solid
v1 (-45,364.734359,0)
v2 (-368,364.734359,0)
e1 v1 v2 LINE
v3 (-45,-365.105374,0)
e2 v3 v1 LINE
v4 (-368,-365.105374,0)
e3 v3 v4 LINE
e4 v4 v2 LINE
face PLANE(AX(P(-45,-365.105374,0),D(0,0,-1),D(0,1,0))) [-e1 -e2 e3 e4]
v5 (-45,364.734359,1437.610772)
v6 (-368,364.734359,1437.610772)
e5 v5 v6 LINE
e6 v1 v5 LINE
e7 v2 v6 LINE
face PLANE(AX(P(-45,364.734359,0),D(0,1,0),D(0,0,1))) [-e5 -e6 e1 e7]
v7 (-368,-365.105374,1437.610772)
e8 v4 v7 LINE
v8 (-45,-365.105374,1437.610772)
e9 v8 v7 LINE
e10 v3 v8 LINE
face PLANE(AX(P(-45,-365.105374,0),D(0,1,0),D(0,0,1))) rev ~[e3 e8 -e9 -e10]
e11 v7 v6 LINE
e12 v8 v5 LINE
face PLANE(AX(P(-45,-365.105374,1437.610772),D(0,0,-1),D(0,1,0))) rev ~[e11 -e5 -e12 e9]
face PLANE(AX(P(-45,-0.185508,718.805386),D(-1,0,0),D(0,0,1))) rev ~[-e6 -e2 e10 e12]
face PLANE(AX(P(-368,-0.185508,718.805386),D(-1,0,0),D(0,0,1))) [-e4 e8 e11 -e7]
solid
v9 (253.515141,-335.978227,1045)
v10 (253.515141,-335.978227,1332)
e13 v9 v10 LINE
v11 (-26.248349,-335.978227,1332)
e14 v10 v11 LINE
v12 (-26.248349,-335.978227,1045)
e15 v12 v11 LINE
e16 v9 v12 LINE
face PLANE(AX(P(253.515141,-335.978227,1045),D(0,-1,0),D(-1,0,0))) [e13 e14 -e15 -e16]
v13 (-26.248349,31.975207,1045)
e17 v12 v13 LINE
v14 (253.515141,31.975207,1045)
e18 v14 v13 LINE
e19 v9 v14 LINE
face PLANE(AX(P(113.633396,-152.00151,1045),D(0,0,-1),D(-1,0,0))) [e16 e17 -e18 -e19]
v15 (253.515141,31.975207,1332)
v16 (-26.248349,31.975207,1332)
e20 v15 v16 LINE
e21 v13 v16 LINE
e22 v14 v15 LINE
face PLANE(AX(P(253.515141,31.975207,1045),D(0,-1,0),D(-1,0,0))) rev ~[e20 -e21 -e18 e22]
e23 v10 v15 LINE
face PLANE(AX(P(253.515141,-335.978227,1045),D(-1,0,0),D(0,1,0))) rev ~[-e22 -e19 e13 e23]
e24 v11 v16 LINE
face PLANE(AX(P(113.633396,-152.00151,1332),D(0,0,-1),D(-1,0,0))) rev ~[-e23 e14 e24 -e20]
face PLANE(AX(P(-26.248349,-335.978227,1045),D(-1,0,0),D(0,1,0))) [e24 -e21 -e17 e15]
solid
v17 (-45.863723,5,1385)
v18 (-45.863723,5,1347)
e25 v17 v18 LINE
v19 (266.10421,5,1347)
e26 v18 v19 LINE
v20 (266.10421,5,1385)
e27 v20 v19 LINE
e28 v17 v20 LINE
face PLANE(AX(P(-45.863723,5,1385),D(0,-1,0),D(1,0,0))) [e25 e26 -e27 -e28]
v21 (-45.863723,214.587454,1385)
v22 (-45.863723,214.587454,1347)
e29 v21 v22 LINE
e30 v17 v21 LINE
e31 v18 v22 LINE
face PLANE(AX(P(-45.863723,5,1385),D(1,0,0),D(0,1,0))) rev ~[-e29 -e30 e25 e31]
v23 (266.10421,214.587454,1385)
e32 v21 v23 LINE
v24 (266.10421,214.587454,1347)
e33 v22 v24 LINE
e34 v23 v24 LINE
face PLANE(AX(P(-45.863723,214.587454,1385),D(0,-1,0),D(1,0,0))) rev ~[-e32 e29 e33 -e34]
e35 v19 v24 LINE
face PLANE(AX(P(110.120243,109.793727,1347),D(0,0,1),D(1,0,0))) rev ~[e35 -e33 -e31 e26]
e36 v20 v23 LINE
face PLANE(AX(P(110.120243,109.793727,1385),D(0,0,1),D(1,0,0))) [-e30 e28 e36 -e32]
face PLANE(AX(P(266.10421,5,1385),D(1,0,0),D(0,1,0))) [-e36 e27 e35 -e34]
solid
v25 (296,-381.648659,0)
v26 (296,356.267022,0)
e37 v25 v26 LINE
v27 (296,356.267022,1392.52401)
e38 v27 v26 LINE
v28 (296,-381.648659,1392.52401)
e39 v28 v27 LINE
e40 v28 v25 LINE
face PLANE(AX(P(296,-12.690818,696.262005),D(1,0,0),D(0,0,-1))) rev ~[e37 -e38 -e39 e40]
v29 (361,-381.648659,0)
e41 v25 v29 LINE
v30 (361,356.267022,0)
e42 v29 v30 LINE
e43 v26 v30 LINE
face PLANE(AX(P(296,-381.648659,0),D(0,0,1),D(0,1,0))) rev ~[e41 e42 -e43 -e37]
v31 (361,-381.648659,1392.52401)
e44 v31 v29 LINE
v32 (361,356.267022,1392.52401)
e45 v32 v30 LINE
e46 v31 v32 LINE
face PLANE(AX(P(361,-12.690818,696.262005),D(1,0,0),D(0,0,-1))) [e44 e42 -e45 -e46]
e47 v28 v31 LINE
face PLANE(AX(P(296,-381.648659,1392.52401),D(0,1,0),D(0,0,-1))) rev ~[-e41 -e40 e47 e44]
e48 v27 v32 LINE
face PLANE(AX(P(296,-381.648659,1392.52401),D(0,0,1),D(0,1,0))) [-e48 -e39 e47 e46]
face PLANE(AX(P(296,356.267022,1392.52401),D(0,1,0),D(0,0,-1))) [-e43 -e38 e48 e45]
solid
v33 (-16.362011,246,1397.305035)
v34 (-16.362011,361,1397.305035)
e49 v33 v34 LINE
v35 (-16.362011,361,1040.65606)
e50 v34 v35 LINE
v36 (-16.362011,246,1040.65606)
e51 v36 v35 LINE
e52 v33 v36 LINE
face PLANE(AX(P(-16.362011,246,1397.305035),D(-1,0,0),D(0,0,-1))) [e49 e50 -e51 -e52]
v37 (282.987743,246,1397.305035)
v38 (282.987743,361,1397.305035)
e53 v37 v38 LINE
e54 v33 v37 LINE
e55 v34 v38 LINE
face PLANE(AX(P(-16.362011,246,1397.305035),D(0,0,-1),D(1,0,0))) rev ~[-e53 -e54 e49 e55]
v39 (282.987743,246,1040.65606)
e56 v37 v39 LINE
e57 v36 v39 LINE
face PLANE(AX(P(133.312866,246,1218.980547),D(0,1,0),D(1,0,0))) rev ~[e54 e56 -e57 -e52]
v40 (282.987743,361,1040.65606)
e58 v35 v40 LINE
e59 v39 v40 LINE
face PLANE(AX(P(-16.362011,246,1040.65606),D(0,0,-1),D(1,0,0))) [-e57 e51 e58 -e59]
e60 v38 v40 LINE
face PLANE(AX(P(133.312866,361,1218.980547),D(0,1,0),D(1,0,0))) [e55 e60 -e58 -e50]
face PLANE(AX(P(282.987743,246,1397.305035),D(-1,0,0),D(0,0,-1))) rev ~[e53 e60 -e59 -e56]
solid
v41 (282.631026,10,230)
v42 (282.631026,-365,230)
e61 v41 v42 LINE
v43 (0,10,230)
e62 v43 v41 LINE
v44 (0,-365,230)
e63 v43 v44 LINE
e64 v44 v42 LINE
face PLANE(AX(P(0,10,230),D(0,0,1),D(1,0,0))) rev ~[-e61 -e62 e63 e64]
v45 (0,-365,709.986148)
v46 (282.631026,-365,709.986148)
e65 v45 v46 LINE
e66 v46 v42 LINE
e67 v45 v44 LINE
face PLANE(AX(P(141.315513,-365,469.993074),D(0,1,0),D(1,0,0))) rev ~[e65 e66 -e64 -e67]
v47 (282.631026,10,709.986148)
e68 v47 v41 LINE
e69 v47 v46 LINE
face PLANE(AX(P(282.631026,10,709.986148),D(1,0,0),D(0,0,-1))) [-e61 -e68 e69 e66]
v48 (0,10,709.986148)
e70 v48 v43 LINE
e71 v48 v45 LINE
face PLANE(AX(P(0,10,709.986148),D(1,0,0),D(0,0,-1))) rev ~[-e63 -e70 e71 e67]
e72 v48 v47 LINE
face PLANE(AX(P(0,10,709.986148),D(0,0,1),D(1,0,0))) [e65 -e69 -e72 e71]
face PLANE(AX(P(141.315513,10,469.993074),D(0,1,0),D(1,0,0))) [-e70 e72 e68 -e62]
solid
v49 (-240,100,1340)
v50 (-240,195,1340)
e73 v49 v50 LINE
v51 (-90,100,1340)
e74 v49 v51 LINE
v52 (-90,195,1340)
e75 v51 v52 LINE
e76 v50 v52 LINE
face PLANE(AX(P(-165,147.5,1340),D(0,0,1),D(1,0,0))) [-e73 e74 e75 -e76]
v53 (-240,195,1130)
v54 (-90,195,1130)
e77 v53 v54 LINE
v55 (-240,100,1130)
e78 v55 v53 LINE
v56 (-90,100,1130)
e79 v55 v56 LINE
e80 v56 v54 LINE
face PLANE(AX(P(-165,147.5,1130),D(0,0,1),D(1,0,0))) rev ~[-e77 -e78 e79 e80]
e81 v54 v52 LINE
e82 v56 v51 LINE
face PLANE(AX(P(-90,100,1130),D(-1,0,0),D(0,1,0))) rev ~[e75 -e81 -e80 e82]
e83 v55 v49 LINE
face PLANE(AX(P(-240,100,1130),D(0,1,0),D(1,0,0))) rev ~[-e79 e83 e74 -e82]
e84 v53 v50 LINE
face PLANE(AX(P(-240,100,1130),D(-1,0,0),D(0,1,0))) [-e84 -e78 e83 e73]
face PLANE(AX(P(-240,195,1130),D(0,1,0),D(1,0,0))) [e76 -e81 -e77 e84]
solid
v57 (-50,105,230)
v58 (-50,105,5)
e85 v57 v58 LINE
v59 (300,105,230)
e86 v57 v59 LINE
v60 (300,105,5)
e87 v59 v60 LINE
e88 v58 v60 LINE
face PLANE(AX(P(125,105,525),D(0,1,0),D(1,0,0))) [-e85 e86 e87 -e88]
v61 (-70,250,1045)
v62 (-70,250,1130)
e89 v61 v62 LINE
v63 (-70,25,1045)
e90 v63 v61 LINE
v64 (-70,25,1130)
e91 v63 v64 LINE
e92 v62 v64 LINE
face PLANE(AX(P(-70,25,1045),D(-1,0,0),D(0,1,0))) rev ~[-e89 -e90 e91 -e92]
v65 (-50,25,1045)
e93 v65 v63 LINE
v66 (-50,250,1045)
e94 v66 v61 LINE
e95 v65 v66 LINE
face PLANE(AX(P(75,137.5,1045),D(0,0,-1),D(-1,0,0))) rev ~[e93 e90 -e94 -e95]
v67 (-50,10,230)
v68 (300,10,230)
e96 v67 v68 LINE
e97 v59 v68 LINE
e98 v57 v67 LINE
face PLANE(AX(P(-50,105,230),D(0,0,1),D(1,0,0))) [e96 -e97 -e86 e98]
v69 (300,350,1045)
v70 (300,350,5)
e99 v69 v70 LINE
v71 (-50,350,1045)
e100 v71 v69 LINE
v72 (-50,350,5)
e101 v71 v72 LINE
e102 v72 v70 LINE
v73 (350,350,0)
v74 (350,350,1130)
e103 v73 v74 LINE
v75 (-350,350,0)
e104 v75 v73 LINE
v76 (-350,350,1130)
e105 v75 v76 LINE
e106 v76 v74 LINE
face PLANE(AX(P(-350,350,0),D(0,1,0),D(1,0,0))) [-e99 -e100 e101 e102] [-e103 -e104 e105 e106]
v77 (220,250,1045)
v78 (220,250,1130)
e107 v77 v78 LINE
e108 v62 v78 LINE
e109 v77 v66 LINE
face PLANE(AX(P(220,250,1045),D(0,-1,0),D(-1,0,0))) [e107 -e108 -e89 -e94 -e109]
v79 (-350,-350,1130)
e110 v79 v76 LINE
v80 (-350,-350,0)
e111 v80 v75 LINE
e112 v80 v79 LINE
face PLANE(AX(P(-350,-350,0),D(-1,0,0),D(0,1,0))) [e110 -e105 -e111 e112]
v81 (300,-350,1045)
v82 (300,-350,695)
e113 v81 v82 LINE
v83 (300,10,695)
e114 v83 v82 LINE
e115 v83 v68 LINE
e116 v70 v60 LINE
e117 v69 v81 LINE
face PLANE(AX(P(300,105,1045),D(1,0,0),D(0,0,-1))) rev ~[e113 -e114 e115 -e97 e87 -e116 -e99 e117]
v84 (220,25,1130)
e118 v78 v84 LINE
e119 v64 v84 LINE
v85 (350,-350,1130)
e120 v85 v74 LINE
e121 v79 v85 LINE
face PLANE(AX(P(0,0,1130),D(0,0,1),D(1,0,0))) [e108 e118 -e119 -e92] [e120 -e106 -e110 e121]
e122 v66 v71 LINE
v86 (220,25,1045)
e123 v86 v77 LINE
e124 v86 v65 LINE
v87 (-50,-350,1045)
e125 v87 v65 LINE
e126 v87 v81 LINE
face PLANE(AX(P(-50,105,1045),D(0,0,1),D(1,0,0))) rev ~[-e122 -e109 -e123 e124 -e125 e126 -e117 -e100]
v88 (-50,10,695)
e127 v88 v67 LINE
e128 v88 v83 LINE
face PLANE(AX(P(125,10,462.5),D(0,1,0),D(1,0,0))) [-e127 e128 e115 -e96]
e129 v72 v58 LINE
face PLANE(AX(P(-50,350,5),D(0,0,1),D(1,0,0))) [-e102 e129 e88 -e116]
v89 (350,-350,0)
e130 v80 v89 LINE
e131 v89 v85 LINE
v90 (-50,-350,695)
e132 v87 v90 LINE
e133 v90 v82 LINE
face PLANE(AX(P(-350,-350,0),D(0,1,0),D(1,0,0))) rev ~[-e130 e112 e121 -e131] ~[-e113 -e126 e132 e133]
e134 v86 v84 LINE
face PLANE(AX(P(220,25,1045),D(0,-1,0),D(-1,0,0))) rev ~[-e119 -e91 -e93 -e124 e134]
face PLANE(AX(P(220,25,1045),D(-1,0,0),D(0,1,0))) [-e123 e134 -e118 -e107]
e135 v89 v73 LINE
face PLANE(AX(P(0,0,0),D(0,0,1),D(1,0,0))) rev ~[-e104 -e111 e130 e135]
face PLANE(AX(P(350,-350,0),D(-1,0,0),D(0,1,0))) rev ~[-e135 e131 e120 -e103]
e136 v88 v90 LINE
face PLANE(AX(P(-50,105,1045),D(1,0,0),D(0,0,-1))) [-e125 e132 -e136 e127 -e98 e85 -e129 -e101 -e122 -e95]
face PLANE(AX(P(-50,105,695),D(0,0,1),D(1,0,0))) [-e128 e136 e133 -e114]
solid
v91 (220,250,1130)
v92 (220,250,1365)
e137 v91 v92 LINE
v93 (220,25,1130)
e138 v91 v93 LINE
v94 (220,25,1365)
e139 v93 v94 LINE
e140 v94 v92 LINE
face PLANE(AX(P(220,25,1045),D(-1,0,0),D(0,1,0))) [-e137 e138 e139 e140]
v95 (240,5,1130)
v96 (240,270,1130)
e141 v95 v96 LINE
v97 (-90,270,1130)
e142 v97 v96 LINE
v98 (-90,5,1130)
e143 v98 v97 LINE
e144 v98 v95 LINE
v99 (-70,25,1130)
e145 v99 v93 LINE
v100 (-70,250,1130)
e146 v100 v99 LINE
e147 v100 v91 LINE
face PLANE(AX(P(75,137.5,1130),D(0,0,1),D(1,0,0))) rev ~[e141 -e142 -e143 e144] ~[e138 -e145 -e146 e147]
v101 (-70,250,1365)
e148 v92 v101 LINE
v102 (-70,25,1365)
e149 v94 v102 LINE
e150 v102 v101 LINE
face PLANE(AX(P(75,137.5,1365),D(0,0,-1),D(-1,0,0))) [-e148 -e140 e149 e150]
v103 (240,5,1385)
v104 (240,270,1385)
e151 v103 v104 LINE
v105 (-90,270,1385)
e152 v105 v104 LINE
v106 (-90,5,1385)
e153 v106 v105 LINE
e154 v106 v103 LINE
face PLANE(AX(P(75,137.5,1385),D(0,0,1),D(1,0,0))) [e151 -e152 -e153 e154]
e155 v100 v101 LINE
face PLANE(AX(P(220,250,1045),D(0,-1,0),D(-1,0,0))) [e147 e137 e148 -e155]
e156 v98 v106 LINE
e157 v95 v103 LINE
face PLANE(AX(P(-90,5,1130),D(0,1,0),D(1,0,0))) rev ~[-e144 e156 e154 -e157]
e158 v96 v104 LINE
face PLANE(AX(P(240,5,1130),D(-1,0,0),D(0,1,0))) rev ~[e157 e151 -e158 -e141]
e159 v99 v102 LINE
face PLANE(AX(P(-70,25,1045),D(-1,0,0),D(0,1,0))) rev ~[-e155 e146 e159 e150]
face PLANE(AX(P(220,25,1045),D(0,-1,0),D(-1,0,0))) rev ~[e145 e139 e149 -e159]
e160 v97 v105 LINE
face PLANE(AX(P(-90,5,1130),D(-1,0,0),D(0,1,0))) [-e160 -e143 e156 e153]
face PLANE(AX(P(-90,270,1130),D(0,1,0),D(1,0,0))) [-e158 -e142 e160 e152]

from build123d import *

# Parameters (mm, degrees)
SCHIZZO1_W                        = 700
SCHIZZO1_H                        = 700
ESTRUSIONE_ESTRUSIONE1_DEPTH      = 1130
SCHIZZO2_W                        = 330
SCHIZZO2_H                        = 265
ESTRUSIONE_ESTRUSIONE2_DEPTH      = 255
SCHIZZO3_W                        = 150
SCHIZZO3_H                        = 95
ESTRUSIONE_ESTRUSIONE3_DEPTH      = 210
SCHIZZO5_W                        = 350
SCHIZZO5_H                        = 1040
TAGLIO_ESTRUSIONE1_DEPTH          = 245
SCHIZZO7_W                        = 350
SCHIZZO7_H                        = 465
TAGLIO_ESTRUSIONE2_DEPTH          = 95
SCHIZZO8_W                        = 350
SCHIZZO8_H                        = 350
TAGLIO_ESTRUSIONE3_DEPTH          = 458
SCHIZZO9_W                        = 290
SCHIZZO9_H                        = 225
TAGLIO_ESTRUSIONE5_DEPTH          = 320
ESTRUSIONE_ESTRUSIONE5_DEPTH      = 18
ESTRUSIONE_ESTRUSIONE5_DEPTH_BACK = 305
SCHIZZO10_W                       = 1437.610772049
SCHIZZO10_H                       = 729.839733265
ESTRUSIONE_ESTRUSIONE6_DEPTH      = 11
ESTRUSIONE_ESTRUSIONE6_DEPTH_BACK = 54
SCHIZZO11_W                       = 1392.524009873
SCHIZZO11_H                       = 737.915681111
ESTRUSIONE_ESTRUSIONE7_DEPTH      = 11
ESTRUSIONE_ESTRUSIONE7_DEPTH_BACK = 104
SCHIZZO12_W                       = 299.349754516
SCHIZZO12_H                       = 356.648974915
SCHIZZO15_W                       = 311.967933214
SCHIZZO15_H                       = 209.587453761
ESTRUSIONE_ESTRUSIONE9_DEPTH      = 38
SCHIZZO18_W                       = 282.631025558
SCHIZZO18_H                       = 479.986147738
ESTRUSIONE_ESTRUSIONE11_DEPTH     = 375
SCHIZZO19_W                       = 279.763490261
SCHIZZO19_H                       = 367.953434119
ESTRUSIONE_ESTRUSIONE12_DEPTH     = 287


with BuildPart() as part:
    # Schizzo1 → Estrusione-Estrusione1 (new body)
    with BuildSketch(Plane.XY):
        Rectangle(SCHIZZO1_W, SCHIZZO1_H)
    extrude(amount=ESTRUSIONE_ESTRUSIONE1_DEPTH)

    # Schizzo5 → Taglio-Estrusione1 (cut)
    with BuildSketch(Plane(origin=(0, 350, 0), x_dir=(1, 0, 0), z_dir=(0, 1, 0))):
        with Locations((125, -525)):
            Rectangle(SCHIZZO5_W, SCHIZZO5_H)
    extrude(amount=-TAGLIO_ESTRUSIONE1_DEPTH, mode=Mode.SUBTRACT)

    # Schizzo7 → Taglio-Estrusione2 (cut)
    with BuildSketch(Plane(origin=(0, 105, 0), x_dir=(1, 0, 0), z_dir=(0, 1, 0))):
        with Locations((125, -462.5)):
            Rectangle(SCHIZZO7_W, SCHIZZO7_H)
    extrude(amount=-TAGLIO_ESTRUSIONE2_DEPTH, mode=Mode.SUBTRACT)

    # Schizzo8 → Taglio-Estrusione3 (cut)
    with BuildSketch(Plane(origin=(0, 105, 0), x_dir=(1, 0, 0), z_dir=(0, 1, 0))):
        with Locations((125, -870)):
            Rectangle(SCHIZZO8_W, SCHIZZO8_H)
    extrude(amount=-TAGLIO_ESTRUSIONE3_DEPTH, mode=Mode.SUBTRACT)


with BuildPart() as body_2:
    # Schizzo2 → Estrusione-Estrusione2 (new body)
    with BuildSketch(Plane.XY.offset(1130)):
        with Locations((75, 137.5)):
            Rectangle(SCHIZZO2_W, SCHIZZO2_H)
    extrude(amount=ESTRUSIONE_ESTRUSIONE2_DEPTH)


with BuildPart() as body_3:
    # Schizzo3 → Estrusione-Estrusione3 (new body)
    with BuildSketch(Plane.XY.offset(1130)):
        with Locations((-165, 147.5)):
            Rectangle(SCHIZZO3_W, SCHIZZO3_H)
    extrude(amount=ESTRUSIONE_ESTRUSIONE3_DEPTH)


with BuildPart() as taglio_estrusione5_tool:
    # Schizzo9 → Taglio-Estrusione5 (new body)
    with BuildSketch(Plane(origin=(0, 0, 1045), x_dir=(-1, 0, 0), z_dir=(0, 0, -1))):
        with Locations((-75, 137.5)):
            Rectangle(SCHIZZO9_W, SCHIZZO9_H)
    extrude(amount=-TAGLIO_ESTRUSIONE5_DEPTH)


with BuildPart() as part_1:
    add(part.part)

    # Taglio-Estrusione5: cut by taglio_estrusione5_tool
    add(taglio_estrusione5_tool.part, mode=Mode.SUBTRACT)


with BuildPart() as body_2_1:
    add(body_2.part)

    # Taglio-Estrusione5: cut by taglio_estrusione5_tool
    add(taglio_estrusione5_tool.part, mode=Mode.SUBTRACT)


with BuildPart() as body_4:
    # Schizzo10 → Estrusione-Estrusione5 (new, two sides: drawn at the far end of the back side and taken through both)
    with BuildSketch(Plane.ZY.offset(350).offset(-ESTRUSIONE_ESTRUSIONE5_DEPTH_BACK)):
        with Locations((718.805386025, -0.185507772)):
            Rectangle(SCHIZZO10_W, SCHIZZO10_H)
    extrude(amount=ESTRUSIONE_ESTRUSIONE5_DEPTH + ESTRUSIONE_ESTRUSIONE5_DEPTH_BACK)


with BuildPart() as body_5:
    # Schizzo11 → Estrusione-Estrusione6 (new, two sides: drawn at the far end of the back side and taken through both)
    with BuildSketch(Plane(origin=(350, 0, 0), x_dir=(0, 0, -1), z_dir=(1, 0, 0)).offset(-ESTRUSIONE_ESTRUSIONE6_DEPTH_BACK)):
        with Locations((-696.262004937, -12.690818359)):
            Rectangle(SCHIZZO11_W, SCHIZZO11_H)
    extrude(amount=ESTRUSIONE_ESTRUSIONE6_DEPTH + ESTRUSIONE_ESTRUSIONE6_DEPTH_BACK)


with BuildPart() as body_6:
    # Schizzo12 → Estrusione-Estrusione7 (new, two sides: drawn at the far end of the back side and taken through both)
    with BuildSketch(Plane(origin=(0, 350, 0), x_dir=(1, 0, 0), z_dir=(0, 1, 0)).offset(-ESTRUSIONE_ESTRUSIONE7_DEPTH_BACK)):
        with Locations((133.312866105, -1218.98054727)):
            Rectangle(SCHIZZO12_W, SCHIZZO12_H)
    extrude(amount=ESTRUSIONE_ESTRUSIONE7_DEPTH + ESTRUSIONE_ESTRUSIONE7_DEPTH_BACK)


with BuildPart() as body_7:
    # Schizzo15 → Estrusione-Estrusione9 (new body)
    with BuildSketch(Plane.XY.offset(1385)):
        with Locations((110.12024335, 109.793726881)):
            Rectangle(SCHIZZO15_W, SCHIZZO15_H)
    extrude(amount=-ESTRUSIONE_ESTRUSIONE9_DEPTH)


with BuildPart() as body_8:
    # Schizzo18 → Estrusione-Estrusione11 (new body)
    with BuildSketch(Plane(origin=(0, 10, 0), x_dir=(1, 0, 0), z_dir=(0, 1, 0))):
        with Locations((141.315512779, -469.993073869)):
            Rectangle(SCHIZZO18_W, SCHIZZO18_H)
    extrude(amount=-ESTRUSIONE_ESTRUSIONE11_DEPTH)


with BuildPart() as body_9:
    # Schizzo19 → Estrusione-Estrusione12 (new body)
    with BuildSketch(Plane(origin=(0, 0, 1045), x_dir=(-1, 0, 0), z_dir=(0, 0, -1))):
        with Locations((-113.633396128, -152.001509819)):
            Rectangle(SCHIZZO19_W, SCHIZZO19_H)
    extrude(amount=-ESTRUSIONE_ESTRUSIONE12_DEPTH)


solid = Compound([body_3.part, part_1.part, body_2_1.part, body_4.part, body_5.part, body_6.part, body_7.part, body_8.part, body_9.part])
